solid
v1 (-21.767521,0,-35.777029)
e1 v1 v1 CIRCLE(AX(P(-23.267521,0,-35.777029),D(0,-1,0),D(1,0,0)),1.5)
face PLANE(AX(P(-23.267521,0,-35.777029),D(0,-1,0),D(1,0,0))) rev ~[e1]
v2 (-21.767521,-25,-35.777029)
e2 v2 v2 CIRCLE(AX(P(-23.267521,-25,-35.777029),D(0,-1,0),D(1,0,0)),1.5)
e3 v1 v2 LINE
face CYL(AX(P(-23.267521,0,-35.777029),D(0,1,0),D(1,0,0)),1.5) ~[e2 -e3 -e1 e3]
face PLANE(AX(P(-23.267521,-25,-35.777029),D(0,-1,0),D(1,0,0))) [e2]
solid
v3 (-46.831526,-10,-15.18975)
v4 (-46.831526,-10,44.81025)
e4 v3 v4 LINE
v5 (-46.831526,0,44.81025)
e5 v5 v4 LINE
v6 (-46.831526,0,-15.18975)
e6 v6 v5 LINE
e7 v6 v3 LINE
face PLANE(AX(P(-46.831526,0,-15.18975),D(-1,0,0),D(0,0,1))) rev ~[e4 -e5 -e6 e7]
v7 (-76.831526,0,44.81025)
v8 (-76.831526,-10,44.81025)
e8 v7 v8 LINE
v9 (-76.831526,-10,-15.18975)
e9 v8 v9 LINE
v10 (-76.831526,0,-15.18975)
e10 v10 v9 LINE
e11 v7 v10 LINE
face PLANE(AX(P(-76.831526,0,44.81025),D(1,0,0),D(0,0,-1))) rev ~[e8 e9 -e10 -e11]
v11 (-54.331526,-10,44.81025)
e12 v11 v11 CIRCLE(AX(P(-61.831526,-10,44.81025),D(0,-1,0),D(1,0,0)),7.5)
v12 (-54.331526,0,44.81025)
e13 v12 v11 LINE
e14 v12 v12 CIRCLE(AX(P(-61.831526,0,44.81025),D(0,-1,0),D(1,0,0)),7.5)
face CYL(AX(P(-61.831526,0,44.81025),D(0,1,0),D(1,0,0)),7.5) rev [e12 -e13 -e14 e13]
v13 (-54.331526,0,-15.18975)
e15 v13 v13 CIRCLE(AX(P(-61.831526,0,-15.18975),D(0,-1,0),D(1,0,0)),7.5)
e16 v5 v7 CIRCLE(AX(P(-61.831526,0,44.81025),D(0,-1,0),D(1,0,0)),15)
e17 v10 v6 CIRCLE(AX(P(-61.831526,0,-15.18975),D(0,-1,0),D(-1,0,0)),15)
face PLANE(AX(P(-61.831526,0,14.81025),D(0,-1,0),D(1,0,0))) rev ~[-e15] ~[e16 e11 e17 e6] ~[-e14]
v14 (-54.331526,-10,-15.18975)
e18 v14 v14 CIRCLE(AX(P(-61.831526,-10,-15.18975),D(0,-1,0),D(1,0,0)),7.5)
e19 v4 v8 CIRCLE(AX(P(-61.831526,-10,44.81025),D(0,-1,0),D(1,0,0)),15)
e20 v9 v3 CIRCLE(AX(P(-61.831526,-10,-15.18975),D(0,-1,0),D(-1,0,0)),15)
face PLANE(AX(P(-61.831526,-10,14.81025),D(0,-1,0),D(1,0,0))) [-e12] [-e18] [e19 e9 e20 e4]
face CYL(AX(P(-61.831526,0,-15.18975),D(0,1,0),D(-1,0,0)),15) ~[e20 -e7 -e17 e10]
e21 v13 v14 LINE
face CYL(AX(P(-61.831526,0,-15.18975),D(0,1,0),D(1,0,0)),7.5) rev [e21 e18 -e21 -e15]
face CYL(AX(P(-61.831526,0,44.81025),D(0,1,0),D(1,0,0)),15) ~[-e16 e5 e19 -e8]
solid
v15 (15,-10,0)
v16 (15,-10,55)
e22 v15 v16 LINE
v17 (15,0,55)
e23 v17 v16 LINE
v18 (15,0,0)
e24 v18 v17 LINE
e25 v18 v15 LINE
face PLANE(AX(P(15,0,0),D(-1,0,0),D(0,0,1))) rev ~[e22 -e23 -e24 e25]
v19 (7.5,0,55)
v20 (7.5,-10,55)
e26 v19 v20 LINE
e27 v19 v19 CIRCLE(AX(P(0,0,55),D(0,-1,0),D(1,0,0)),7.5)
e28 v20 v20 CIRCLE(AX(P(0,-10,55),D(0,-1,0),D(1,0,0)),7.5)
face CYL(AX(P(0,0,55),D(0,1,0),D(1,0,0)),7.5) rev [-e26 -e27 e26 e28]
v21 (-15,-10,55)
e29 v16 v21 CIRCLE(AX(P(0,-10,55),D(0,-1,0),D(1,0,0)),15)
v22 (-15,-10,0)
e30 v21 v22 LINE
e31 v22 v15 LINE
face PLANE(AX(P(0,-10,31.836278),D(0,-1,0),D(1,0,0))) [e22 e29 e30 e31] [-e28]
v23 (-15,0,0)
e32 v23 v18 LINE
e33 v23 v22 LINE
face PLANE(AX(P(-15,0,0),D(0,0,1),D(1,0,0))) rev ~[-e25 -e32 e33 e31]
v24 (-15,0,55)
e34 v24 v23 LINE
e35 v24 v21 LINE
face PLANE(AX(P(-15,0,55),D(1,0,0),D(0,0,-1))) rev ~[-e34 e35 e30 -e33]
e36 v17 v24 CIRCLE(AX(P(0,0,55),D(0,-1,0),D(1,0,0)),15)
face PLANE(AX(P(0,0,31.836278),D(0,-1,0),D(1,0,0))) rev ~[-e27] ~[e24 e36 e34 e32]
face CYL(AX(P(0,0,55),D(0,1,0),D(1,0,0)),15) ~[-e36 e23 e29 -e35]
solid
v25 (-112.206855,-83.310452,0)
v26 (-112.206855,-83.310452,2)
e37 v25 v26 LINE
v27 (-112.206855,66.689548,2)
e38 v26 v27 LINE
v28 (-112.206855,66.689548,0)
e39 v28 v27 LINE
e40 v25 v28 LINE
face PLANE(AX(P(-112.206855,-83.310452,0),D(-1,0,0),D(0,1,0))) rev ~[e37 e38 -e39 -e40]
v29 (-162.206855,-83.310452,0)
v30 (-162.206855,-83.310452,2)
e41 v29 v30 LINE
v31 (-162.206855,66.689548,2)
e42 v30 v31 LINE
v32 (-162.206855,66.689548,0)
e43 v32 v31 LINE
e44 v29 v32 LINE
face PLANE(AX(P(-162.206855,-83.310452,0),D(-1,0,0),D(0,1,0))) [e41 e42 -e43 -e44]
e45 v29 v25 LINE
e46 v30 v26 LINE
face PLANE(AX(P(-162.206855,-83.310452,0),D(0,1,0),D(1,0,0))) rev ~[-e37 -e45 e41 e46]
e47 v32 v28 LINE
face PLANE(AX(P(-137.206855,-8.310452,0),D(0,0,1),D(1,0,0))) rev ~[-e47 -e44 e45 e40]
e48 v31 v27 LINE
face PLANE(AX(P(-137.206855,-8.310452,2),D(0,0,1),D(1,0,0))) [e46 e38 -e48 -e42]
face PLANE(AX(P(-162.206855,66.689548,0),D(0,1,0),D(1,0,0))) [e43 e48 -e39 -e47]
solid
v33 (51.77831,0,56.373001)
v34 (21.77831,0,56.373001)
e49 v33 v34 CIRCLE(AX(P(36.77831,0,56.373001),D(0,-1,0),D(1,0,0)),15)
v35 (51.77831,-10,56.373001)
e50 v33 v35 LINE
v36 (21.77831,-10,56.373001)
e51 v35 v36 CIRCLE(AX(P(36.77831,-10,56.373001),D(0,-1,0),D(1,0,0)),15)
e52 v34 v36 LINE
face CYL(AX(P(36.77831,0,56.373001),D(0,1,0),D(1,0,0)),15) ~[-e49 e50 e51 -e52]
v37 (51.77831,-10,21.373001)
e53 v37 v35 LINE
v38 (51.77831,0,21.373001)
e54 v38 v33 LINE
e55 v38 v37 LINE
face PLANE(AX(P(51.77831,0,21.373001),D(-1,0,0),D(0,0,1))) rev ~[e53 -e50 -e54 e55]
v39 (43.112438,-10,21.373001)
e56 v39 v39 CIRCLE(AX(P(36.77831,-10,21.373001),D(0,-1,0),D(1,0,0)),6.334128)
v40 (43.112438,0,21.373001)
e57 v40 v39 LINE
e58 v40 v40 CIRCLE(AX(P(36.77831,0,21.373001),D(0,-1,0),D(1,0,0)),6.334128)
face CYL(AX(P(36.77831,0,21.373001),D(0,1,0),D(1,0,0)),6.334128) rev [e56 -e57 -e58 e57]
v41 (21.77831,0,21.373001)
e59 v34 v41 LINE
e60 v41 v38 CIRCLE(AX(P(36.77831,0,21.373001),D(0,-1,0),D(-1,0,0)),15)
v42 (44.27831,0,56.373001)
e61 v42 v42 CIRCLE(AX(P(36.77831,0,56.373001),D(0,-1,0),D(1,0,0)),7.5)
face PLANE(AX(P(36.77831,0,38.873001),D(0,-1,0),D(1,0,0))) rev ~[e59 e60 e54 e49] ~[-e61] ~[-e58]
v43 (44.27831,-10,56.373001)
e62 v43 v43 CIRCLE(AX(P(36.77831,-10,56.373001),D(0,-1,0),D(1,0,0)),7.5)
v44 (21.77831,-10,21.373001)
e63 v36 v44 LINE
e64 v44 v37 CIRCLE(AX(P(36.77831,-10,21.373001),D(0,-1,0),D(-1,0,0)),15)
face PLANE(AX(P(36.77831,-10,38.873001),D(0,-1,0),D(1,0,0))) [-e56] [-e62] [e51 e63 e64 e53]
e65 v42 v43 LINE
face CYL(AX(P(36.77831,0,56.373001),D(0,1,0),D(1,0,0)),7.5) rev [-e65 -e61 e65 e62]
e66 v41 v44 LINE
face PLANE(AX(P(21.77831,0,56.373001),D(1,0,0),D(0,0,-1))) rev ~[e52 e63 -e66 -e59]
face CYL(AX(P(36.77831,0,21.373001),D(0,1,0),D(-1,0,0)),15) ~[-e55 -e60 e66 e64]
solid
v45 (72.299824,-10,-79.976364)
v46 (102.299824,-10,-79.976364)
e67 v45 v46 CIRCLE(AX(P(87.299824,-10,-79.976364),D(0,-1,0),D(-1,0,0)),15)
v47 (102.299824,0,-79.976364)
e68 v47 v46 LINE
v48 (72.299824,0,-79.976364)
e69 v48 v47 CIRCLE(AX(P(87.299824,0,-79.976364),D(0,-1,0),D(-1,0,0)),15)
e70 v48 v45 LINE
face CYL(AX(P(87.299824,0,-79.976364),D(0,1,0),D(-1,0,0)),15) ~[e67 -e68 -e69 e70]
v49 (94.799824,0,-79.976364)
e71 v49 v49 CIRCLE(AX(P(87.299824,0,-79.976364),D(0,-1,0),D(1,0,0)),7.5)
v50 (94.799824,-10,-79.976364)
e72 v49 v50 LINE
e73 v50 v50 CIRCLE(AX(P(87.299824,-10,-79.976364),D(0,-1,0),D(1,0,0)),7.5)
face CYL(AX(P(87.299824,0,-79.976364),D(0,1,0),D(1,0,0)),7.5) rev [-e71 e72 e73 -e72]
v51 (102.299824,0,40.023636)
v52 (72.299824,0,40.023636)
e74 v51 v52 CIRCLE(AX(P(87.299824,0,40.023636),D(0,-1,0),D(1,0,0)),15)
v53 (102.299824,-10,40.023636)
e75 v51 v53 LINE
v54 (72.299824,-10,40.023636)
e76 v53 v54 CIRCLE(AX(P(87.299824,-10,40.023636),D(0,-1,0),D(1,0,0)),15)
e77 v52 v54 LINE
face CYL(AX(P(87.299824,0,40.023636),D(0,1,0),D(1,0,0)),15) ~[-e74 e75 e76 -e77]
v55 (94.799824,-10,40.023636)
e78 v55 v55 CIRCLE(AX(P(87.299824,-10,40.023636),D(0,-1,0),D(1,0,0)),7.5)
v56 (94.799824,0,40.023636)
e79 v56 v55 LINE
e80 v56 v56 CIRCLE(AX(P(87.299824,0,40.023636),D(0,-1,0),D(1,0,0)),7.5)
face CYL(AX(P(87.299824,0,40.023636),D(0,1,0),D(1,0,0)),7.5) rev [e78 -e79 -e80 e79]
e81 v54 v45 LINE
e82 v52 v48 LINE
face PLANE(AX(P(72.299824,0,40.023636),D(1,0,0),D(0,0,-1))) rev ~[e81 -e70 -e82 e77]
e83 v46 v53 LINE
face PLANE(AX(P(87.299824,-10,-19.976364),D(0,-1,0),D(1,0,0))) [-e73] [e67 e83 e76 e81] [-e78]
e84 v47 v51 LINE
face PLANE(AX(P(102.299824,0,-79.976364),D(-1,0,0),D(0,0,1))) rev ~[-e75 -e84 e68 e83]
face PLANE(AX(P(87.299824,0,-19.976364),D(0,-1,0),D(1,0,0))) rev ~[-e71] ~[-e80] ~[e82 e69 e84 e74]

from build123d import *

# Parameters (mm, degrees)
F0_R      = 7.5
F1_DEPTH  = 10
F2_R      = 7.5
F3_DEPTH  = 10
F4_R      = 6.334128
F4_R_2    = 7.5
F5_DEPTH  = 10
F6_R      = 7.5
F7_DEPTH  = 10
F8_W      = 50
F8_H      = 150
F9_DEPTH  = 2
F10_R     = 1.5
F11_DEPTH = 25


with BuildPart() as f1:
    # F0 (on Front) → F1 (new body)
    with BuildSketch(Plane.XZ):
        with BuildLine():
            Line((15, 0), (15, 55))
            ThreePointArc((15, 55), (0, 70), (-15, 55))
            Line((-15, 55), (-15, 0))
            Line((-15, 0), (15, 0))
        make_face()
        with Locations((0, 55)):
            Circle(F0_R, mode=Mode.SUBTRACT)
    extrude(amount=F1_DEPTH)


with BuildPart() as f3:
    # F2 (on Front) → F3 (new body)
    with BuildSketch(Plane.XZ):
        with BuildLine():
            Line((-46.831526, -15.18975), (-46.831526, 44.81025))
            ThreePointArc((-46.831526, 44.81025), (-61.831526, 59.81025), (-76.831526, 44.81025))
            Line((-76.831526, 44.81025), (-76.831526, -15.18975))
            ThreePointArc((-76.831526, -15.18975), (-61.831526, -30.18975), (-46.831526, -15.18975))
        make_face()
        with Locations((-61.831526, -15.18975)):
            Circle(F2_R, mode=Mode.SUBTRACT)
        with Locations((-61.831526, 44.81025)):
            Circle(F2_R, mode=Mode.SUBTRACT)
    extrude(amount=F3_DEPTH)


with BuildPart() as f5:
    # F4 (on Front) → F5 (new body)
    with BuildSketch(Plane.XZ):
        with BuildLine():
            Line((51.77831, 21.373001), (51.77831, 56.373001))
            ThreePointArc((51.77831, 56.373001), (36.77831, 71.373001), (21.77831, 56.373001))
            Line((21.77831, 56.373001), (21.77831, 21.373001))
            ThreePointArc((21.77831, 21.373001), (36.77831, 6.373001), (51.77831, 21.373001))
        make_face()
        with Locations((36.77831, 21.373001)):
            Circle(F4_R, mode=Mode.SUBTRACT)
        with Locations((36.77831, 56.373001)):
            Circle(F4_R_2, mode=Mode.SUBTRACT)
    extrude(amount=F5_DEPTH)


with BuildPart() as f7:
    # F6 (on Front) → F7 (new body)
    with BuildSketch(Plane.XZ):
        with BuildLine():
            Line((102.299824, -79.976364), (102.299824, 40.023636))
            ThreePointArc((102.299824, 40.023636), (87.299824, 55.023636), (72.299824, 40.023636))
            Line((72.299824, 40.023636), (72.299824, -79.976364))
            ThreePointArc((72.299824, -79.976364), (87.299824, -94.976364), (102.299824, -79.976364))
        make_face()
        with Locations((87.299824, -79.976364)):
            Circle(F6_R, mode=Mode.SUBTRACT)
        with Locations((87.299824, 40.023636)):
            Circle(F6_R, mode=Mode.SUBTRACT)
    extrude(amount=F7_DEPTH)


with BuildPart() as f9:
    # F8 (on Top) → F9 (new body)
    with BuildSketch(Plane.XY):
        with Locations((-137.206855, -8.310452)):
            Rectangle(F8_W, F8_H)
    extrude(amount=F9_DEPTH)


with BuildPart() as f11:
    # F10 (on Front) → F11 (new body)
    with BuildSketch(Plane.XZ):
        with Locations((-23.267521, -35.777029)):
            Circle(F10_R)
    extrude(amount=F11_DEPTH)


solid = Compound([f1.part, f3.part, f5.part, f7.part, f9.part, f11.part])
